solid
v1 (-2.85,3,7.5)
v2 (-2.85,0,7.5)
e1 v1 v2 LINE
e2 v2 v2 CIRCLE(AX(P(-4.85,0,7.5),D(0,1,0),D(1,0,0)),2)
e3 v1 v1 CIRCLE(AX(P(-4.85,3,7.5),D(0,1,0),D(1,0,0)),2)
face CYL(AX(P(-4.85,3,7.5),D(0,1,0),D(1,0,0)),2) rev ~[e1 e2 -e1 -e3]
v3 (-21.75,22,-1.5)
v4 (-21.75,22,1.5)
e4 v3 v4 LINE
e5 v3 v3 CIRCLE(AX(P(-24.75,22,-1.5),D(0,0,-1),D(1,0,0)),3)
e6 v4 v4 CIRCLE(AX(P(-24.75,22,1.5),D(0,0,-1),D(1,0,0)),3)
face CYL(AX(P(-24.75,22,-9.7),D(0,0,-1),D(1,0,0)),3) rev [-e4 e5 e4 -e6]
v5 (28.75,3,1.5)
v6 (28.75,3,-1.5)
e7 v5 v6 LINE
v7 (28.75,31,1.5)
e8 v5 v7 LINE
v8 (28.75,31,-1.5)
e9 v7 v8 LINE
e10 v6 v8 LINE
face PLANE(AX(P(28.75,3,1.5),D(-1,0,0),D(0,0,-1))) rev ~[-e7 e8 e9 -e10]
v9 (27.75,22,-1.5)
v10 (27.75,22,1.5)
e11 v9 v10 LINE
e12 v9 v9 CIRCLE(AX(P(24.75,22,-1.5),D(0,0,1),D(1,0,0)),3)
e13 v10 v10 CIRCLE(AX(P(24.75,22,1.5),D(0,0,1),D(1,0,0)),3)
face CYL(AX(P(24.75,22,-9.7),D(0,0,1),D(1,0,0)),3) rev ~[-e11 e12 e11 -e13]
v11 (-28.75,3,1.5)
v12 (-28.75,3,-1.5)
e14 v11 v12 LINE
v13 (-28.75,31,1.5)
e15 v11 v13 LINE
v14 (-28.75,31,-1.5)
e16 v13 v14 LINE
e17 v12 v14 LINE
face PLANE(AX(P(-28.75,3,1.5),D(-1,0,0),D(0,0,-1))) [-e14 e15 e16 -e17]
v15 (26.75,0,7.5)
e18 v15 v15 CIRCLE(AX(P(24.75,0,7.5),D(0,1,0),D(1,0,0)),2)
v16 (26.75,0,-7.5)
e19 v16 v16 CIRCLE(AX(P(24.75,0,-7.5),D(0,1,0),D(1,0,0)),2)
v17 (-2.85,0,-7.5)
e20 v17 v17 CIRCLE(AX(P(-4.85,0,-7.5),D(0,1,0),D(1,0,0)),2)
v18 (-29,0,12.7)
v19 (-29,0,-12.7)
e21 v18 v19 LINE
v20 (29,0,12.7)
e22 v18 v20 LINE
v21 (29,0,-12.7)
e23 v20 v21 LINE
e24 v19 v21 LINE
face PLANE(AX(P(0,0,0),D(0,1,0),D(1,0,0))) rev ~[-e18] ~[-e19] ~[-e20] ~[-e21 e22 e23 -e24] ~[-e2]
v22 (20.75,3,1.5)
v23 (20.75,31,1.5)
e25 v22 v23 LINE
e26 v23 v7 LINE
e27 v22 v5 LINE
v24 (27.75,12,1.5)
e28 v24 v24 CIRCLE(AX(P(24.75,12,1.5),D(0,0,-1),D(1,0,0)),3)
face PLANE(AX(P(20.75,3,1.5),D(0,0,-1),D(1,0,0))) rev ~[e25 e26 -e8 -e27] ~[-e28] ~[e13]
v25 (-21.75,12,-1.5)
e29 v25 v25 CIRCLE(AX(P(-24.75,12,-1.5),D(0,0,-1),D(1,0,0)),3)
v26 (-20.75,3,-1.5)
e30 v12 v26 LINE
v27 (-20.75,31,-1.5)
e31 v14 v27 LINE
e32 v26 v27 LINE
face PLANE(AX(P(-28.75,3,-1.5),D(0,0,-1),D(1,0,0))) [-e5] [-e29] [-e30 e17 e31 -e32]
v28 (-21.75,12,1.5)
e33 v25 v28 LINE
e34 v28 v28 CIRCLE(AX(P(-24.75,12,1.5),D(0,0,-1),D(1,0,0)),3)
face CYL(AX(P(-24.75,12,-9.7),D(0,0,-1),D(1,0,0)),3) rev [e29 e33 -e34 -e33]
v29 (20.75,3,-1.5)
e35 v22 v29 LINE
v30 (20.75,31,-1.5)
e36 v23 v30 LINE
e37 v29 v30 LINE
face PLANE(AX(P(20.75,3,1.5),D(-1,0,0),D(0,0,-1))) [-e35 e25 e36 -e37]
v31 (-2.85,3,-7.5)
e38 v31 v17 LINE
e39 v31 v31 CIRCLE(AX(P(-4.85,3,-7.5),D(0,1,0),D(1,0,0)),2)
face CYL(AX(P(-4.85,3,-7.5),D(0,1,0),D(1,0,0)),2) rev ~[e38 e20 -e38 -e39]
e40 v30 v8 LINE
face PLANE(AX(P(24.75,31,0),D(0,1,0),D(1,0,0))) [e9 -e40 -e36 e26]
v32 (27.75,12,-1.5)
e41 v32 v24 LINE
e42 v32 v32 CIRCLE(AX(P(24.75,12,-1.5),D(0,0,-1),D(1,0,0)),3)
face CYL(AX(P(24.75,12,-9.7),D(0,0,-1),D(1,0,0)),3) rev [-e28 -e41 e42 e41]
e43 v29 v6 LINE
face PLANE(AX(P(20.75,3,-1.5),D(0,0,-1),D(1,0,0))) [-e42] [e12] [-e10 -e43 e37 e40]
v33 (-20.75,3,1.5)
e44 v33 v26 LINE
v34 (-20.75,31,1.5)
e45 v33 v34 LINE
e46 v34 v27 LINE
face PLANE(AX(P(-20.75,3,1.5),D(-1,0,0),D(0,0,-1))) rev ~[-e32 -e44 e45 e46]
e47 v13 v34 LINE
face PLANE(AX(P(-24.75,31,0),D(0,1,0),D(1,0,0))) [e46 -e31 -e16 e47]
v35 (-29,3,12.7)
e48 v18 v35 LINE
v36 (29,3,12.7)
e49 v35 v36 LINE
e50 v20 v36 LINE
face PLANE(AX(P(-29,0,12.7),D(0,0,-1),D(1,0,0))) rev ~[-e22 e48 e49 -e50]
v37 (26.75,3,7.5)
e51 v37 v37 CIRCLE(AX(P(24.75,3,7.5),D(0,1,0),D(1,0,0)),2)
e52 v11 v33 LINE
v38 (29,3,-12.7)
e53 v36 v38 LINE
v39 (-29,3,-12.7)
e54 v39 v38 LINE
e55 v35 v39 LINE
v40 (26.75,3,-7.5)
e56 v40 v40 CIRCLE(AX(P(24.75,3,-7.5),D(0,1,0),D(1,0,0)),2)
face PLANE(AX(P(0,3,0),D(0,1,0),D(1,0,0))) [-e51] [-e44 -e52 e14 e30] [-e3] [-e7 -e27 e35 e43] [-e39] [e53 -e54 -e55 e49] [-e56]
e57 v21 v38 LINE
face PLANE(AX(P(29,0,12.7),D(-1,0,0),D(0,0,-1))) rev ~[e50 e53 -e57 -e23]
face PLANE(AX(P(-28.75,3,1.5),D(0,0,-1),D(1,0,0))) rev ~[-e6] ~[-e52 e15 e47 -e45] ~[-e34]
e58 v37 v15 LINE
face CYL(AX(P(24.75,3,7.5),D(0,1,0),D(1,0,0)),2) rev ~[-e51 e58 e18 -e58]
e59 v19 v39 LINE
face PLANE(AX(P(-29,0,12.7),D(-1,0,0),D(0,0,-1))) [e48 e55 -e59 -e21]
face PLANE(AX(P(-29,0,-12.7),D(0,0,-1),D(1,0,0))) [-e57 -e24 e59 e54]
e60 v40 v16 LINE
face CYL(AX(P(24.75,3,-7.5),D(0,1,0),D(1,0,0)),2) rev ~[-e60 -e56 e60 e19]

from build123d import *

# Parameters (mm, degrees)
SKETCH_1_W          = 58
SKETCH_1_H          = 25.4
EXTRUDE_1_DEPTH     = 3
SKETCH_2_W          = 8
SKETCH_2_H          = 3
EXTRUDE_2_DEPTH     = 28
SKETCH_3_R          = 3
CUT_EXTRUDE_1_DEPTH = 12
SKETCH_4_R          = 2
CUT_EXTRUDE_2_DEPTH = 22
SKETCH_8_W          = 8
SKETCH_8_H          = 3
CUT_EXTRUDE_3_DEPTH = 28


with BuildPart() as part:
    # 草图1 → 凸台-拉伸1 (new body)
    with BuildSketch(Plane(origin=(0, 0, 0), x_dir=(1, 0, 0), z_dir=(0, 1, 0))):
        Rectangle(SKETCH_1_W, SKETCH_1_H)
    extrude(amount=EXTRUDE_1_DEPTH)

    # 草图2 → 凸台-拉伸2 (add)
    with BuildSketch(Plane(origin=(0, 3, 0), x_dir=(1, 0, 0), z_dir=(0, 1, 0))):
        with Locations((-24.75, 11.2)):
            Rectangle(SKETCH_2_W, SKETCH_2_H)
        with Locations((24.75, 11.2)):
            Rectangle(SKETCH_2_W, SKETCH_2_H)
        with Locations((-24.75, 0)):
            Rectangle(SKETCH_2_W, SKETCH_2_H)
        with Locations((24.75, 0)):
            Rectangle(SKETCH_2_W, SKETCH_2_H)
    extrude(amount=EXTRUDE_2_DEPTH)

    # 草图3 → 切除-拉伸1 (cut, symmetric)
    with BuildSketch(Plane.XY.offset(-9.7)):
        with Locations((-24.75, 12)):
            Circle(SKETCH_3_R)
        with Locations((-24.75, 22)):
            Circle(SKETCH_3_R)
        with Locations((24.75, 12)):
            Circle(SKETCH_3_R)
        with Locations((24.75, 22)):
            Circle(SKETCH_3_R)
    extrude(amount=CUT_EXTRUDE_1_DEPTH, both=True, mode=Mode.SUBTRACT)

    # 草图4 → 切除-拉伸2 (cut)
    with BuildSketch(Plane(origin=(0, 3, 0), x_dir=(1, 0, 0), z_dir=(0, 1, 0))):
        with Locations((24.75, -7.5)):
            Circle(SKETCH_4_R)
        with Locations((24.75, 7.5)):
            Circle(SKETCH_4_R)
        with Locations((-4.85, 7.5)):
            Circle(SKETCH_4_R)
        with Locations((-4.85, -7.5)):
            Circle(SKETCH_4_R)
    extrude(amount=-CUT_EXTRUDE_2_DEPTH, mode=Mode.SUBTRACT)

    # 草图8 → 切除-拉伸3 (cut)
    with BuildSketch(Plane(origin=(0, 31, 0), x_dir=(1, 0, 0), z_dir=(0, 1, 0))):
        with Locations((-24.75, 11.2)):
            Rectangle(SKETCH_8_W, SKETCH_8_H)
        with Locations((24.75, 11.2)):
            Rectangle(SKETCH_8_W, SKETCH_8_H)
    extrude(amount=-CUT_EXTRUDE_3_DEPTH, mode=Mode.SUBTRACT)


solid = part.part
